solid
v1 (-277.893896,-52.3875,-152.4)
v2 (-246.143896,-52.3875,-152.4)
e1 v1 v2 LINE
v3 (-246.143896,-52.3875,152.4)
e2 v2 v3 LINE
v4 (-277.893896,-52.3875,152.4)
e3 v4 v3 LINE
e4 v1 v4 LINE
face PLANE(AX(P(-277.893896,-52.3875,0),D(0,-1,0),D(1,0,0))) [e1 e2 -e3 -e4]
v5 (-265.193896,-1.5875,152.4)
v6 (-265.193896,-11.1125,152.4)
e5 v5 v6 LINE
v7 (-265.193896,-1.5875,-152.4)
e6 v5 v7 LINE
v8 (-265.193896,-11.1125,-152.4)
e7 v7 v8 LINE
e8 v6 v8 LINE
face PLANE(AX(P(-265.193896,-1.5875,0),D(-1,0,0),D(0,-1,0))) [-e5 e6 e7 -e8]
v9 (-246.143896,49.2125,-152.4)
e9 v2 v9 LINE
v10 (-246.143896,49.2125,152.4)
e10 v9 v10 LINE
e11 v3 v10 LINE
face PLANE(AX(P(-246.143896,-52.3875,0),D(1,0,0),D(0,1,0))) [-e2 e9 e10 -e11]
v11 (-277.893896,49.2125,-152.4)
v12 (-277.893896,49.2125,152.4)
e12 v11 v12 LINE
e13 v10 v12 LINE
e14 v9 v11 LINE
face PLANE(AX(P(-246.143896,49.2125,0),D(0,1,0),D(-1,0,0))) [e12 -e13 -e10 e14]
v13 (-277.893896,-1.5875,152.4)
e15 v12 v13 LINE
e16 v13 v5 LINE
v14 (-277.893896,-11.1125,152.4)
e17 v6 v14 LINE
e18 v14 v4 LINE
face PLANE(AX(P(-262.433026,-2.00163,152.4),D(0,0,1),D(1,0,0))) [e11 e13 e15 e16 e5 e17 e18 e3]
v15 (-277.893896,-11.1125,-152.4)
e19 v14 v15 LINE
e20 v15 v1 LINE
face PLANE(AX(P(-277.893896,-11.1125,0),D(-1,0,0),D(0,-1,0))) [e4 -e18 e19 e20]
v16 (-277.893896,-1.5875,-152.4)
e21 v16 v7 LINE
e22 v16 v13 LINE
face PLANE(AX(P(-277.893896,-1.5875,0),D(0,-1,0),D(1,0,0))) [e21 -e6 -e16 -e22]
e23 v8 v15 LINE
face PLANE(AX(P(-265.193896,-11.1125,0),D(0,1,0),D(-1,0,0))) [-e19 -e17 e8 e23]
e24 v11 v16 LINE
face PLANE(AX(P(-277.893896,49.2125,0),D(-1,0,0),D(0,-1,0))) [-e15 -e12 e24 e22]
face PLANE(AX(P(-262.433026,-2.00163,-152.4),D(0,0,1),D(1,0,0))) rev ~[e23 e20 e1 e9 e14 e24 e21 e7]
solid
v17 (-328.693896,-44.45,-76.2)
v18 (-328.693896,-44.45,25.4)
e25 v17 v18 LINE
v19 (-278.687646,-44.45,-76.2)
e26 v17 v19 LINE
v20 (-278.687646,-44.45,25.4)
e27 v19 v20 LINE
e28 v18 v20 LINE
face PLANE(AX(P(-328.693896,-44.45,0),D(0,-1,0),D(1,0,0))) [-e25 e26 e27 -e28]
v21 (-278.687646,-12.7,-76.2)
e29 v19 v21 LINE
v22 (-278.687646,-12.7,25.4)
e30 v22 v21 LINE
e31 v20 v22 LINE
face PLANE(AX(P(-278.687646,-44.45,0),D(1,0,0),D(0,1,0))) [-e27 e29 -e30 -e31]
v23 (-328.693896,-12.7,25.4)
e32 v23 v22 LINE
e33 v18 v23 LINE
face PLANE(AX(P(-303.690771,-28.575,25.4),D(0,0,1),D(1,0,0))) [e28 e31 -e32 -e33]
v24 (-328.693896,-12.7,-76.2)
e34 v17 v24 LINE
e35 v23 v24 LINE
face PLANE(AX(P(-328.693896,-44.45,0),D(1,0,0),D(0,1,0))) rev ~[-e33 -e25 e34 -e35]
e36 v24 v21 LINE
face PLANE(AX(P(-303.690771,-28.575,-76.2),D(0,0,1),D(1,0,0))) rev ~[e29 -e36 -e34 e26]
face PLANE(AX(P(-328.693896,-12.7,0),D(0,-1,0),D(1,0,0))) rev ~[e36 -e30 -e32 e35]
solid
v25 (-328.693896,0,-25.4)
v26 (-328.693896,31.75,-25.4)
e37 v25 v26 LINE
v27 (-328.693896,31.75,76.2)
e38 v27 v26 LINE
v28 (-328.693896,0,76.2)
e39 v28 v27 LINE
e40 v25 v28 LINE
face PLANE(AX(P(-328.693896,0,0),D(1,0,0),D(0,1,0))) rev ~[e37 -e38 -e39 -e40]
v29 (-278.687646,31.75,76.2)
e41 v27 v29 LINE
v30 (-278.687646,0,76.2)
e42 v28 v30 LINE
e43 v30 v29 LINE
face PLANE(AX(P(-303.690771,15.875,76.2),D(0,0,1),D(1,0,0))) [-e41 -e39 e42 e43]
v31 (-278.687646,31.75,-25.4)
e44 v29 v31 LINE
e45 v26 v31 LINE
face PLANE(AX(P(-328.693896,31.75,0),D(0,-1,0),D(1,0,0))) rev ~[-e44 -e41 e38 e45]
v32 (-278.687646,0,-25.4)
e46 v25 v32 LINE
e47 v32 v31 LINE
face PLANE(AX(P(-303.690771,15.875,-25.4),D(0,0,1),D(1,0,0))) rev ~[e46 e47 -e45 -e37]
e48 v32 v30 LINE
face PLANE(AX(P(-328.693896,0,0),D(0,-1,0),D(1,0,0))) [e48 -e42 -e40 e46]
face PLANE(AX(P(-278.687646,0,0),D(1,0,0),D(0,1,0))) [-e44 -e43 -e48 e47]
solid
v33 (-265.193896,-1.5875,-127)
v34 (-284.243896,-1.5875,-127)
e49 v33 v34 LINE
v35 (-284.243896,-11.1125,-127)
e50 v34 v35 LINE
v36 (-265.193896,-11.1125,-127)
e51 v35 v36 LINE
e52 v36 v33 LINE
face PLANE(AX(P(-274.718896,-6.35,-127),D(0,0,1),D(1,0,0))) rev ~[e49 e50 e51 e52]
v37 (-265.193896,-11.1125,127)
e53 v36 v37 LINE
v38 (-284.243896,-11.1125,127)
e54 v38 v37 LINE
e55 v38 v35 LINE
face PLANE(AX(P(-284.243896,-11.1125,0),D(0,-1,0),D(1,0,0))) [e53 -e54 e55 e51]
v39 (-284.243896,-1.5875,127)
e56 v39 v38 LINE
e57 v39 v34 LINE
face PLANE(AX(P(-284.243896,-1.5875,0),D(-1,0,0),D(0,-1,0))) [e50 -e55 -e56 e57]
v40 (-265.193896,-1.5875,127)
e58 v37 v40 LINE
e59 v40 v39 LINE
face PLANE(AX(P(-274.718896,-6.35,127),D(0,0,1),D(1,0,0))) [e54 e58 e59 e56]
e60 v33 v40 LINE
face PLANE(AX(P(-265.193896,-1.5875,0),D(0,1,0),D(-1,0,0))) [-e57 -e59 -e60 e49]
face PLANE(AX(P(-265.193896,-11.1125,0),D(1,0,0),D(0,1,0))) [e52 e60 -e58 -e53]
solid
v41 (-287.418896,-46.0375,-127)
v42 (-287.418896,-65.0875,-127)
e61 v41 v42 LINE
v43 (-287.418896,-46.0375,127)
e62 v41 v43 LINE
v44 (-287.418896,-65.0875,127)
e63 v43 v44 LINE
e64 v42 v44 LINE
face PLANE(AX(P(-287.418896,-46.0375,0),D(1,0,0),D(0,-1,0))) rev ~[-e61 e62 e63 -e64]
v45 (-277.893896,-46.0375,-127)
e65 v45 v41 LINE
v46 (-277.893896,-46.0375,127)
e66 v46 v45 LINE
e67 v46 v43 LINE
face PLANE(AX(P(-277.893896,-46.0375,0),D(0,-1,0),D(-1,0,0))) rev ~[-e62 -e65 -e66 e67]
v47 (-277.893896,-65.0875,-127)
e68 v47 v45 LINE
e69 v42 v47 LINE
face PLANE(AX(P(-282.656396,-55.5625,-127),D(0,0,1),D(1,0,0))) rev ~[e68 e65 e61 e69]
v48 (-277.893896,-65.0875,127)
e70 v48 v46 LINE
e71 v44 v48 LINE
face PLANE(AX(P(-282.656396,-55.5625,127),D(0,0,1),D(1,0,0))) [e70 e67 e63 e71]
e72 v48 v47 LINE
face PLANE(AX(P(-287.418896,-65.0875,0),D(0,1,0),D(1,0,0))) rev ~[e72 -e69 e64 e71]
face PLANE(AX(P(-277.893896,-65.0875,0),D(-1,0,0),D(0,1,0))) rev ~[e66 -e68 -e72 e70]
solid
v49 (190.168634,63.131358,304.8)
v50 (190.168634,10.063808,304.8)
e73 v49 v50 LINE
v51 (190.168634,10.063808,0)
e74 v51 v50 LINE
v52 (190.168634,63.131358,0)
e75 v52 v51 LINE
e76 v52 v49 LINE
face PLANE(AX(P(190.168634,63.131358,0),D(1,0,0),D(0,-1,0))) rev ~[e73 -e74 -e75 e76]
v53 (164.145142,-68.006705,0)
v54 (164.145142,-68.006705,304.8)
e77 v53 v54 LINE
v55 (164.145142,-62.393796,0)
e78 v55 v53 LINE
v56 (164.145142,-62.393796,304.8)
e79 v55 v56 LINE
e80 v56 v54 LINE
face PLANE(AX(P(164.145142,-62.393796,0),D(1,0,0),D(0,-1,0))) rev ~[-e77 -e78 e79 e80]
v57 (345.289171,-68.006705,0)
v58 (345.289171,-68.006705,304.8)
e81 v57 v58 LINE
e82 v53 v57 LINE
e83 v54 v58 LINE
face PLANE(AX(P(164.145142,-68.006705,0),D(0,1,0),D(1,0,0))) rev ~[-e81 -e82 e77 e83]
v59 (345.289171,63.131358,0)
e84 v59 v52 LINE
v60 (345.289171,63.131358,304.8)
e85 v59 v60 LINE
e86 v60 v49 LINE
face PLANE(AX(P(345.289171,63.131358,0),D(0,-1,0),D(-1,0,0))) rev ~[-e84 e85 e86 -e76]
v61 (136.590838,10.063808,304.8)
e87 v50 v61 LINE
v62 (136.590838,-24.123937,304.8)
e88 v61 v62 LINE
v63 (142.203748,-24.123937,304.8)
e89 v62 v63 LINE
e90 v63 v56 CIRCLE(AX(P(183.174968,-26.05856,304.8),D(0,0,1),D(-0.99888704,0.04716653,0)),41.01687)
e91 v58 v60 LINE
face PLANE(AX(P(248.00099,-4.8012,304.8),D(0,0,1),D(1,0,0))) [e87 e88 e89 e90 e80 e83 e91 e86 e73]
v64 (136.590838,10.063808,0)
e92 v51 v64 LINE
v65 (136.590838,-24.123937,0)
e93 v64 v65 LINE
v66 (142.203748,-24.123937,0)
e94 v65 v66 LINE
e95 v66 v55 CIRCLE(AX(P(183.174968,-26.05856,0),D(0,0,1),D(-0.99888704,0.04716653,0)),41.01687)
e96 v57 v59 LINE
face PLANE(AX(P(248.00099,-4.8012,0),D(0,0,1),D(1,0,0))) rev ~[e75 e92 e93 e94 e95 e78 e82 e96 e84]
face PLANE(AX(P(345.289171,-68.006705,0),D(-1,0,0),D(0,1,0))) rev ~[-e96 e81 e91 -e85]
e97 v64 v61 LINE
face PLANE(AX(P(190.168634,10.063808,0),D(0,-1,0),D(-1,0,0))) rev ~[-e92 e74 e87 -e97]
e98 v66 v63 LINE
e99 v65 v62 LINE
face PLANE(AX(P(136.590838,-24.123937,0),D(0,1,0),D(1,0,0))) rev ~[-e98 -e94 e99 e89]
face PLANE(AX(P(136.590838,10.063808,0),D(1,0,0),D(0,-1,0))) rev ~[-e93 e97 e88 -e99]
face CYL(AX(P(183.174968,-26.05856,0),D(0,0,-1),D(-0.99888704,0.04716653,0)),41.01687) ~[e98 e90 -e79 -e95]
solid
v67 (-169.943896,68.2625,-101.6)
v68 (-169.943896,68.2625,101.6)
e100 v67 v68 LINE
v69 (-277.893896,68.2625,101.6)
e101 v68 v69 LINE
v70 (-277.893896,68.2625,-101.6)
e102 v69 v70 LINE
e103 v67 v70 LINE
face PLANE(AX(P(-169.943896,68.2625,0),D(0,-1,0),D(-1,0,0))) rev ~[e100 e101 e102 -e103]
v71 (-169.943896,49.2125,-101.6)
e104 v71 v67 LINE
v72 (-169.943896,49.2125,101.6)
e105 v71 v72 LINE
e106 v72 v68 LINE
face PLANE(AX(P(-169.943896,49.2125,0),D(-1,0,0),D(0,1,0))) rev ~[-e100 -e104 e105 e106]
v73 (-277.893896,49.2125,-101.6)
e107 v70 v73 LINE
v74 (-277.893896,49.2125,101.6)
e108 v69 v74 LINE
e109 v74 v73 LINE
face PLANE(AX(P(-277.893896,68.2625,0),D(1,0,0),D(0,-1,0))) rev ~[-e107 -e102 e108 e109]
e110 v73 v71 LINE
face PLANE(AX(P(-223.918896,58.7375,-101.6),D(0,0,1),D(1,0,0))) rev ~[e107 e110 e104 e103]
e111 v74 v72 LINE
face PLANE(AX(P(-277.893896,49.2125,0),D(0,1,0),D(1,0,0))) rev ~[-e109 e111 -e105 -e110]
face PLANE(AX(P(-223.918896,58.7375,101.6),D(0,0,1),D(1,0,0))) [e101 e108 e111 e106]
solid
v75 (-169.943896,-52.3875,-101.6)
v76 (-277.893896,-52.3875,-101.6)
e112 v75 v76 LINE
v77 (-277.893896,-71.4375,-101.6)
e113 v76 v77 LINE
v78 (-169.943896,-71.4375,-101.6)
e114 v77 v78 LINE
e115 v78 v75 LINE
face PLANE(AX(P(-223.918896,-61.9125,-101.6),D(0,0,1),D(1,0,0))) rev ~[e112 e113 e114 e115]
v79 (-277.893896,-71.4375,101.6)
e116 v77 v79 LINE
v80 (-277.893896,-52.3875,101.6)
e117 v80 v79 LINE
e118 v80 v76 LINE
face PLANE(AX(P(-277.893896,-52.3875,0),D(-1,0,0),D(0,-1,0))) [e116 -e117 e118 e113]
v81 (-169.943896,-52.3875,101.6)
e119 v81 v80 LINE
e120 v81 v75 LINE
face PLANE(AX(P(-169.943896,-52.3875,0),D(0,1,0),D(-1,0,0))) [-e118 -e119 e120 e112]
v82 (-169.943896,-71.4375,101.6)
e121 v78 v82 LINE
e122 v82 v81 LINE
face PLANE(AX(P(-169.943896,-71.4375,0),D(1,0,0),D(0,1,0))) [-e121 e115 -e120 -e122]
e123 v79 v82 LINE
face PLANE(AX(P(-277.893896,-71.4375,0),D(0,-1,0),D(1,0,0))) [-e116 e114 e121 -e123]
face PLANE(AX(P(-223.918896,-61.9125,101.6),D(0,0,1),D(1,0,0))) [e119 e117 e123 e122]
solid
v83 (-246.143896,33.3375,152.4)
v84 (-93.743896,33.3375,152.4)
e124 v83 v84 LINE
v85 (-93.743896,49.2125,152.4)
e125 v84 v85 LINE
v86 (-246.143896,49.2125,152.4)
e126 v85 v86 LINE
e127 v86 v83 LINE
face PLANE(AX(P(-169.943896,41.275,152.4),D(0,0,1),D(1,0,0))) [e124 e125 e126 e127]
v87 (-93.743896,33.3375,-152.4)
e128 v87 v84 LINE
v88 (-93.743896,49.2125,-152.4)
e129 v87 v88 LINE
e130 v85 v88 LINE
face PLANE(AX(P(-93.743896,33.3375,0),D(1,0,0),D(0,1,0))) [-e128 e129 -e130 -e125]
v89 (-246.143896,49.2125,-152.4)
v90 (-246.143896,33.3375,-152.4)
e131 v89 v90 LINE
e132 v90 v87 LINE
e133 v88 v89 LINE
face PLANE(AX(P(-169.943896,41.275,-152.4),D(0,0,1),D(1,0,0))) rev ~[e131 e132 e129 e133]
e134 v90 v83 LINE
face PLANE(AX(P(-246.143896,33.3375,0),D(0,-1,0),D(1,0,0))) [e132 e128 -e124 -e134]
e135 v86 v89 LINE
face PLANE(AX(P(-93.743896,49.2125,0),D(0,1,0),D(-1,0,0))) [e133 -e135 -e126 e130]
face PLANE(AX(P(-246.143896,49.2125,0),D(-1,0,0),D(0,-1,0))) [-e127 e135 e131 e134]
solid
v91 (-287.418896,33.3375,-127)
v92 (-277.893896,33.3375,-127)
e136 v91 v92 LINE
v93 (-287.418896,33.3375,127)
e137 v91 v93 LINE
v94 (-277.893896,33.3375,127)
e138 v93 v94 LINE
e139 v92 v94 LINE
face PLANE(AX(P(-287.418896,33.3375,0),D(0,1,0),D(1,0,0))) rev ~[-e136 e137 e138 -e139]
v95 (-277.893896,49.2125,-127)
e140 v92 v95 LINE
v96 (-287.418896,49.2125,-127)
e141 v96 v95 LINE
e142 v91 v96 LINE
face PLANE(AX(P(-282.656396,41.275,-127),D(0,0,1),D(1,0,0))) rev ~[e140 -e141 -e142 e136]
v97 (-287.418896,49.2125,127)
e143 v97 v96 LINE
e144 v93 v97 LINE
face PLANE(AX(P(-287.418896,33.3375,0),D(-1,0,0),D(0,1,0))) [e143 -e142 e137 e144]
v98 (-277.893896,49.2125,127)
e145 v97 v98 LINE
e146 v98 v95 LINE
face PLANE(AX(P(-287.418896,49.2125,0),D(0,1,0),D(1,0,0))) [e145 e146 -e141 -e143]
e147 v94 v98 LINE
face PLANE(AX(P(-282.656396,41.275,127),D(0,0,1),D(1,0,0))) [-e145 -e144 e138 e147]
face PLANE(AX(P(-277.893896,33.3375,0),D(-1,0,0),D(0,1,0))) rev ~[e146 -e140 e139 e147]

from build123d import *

# Parameters (mm, degrees)
F1_DEPTH      = 304.8
F2_W          = 50.00625
F2_H          = 31.75
F3_DEPTH      = 76.2
F3_DEPTH_BACK = 25.4
F2_W_2        = 9.525
F2_H_2        = 15.875
F4_DEPTH      = 127
F5_DEPTH      = 101.6
F6_DEPTH      = 152.4
F7_DEPTH      = 25.4
F7_DEPTH_BACK = 76.2
F8_DEPTH      = 152.4


with BuildPart() as f1:
    # F0 (on Top) → F1 (new body)
    with BuildSketch(Plane.XY):
        with BuildLine():
            Line((345.289171, 63.131358), (190.168634, 63.131358))
            Line((190.168634, 63.131358), (190.168634, 10.063808))
            Line((190.168634, 10.063808), (136.590838, 10.063808))
            Line((136.590838, 10.063808), (136.590838, -24.123937))
            Line((136.590838, -24.123937), (142.203748, -24.123937))
            ThreePointArc((142.203748, -24.123937), (147.591588, -46.459705), (164.145142, -62.393796))
            Line((164.145142, -62.393796), (164.145142, -68.006705))
            Line((164.145142, -68.006705), (345.289171, -68.006705))
            Line((345.289171, -68.006705), (345.289171, 63.131358))
        make_face()
    extrude(amount=F1_DEPTH)


with BuildPart() as f3:
    # F2 (on Top) → F3 (new body, two sides)
    with BuildSketch(Plane.XY) as f3_sk:
        with Locations((-303.690771, 15.875)):
            Rectangle(F2_W, F2_H)
    extrude(amount=F3_DEPTH)
    extrude(f3_sk.sketch, amount=-F3_DEPTH_BACK)


with BuildPart() as f4:
    # F2 (on Top) → F4 (new body, symmetric)
    with BuildSketch(Plane.XY):
        with Locations((-282.656396, 41.275)):
            Rectangle(F2_W_2, F2_H_2)
        Polygon((-277.893896, -52.3875), (-277.893896, -46.0375), (-287.418896, -46.0375), (-287.418896, -65.0875), (-277.893896, -65.0875), align=None)
        Polygon((-284.243896, -11.1125), (-277.893896, -11.1125), (-265.193896, -11.1125), (-265.193896, -1.5875), (-277.893896, -1.5875), (-284.243896, -1.5875), align=None)
    extrude(amount=F4_DEPTH, both=True)


with BuildPart() as f5:
    # F2 (on Top) → F5 (new body, symmetric)
    with BuildSketch(Plane.XY):
        Polygon((-277.893896, 49.2125), (-246.143896, 49.2125), (-169.943896, 49.2125), (-169.943896, 68.2625), (-277.893896, 68.2625), align=None)
        Polygon((-246.143896, -52.3875), (-277.893896, -52.3875), (-277.893896, -65.0875), (-277.893896, -71.4375), (-169.943896, -71.4375), (-169.943896, -52.3875), align=None)
    extrude(amount=F5_DEPTH, both=True)


with BuildPart() as f6:
    # F2 (on Top) → F6 (new body, symmetric)
    with BuildSketch(Plane.XY):
        Polygon((-277.893896, -11.1125), (-277.893896, -12.7), (-277.893896, -44.45), (-277.893896, -46.0375), (-277.893896, -52.3875), (-246.143896, -52.3875), (-246.143896, 33.3375), (-246.143896, 49.2125), (-277.893896, 49.2125), (-277.893896, 33.3375), (-277.893896, 31.75), (-277.893896, 0), (-277.893896, -1.5875), (-265.193896, -1.5875), (-265.193896, -11.1125), align=None)
    extrude(amount=F6_DEPTH, both=True)


with BuildPart() as f7:
    # F2 (on Top) → F7 (new body, two sides)
    with BuildSketch(Plane.XY) as f7_sk:
        with Locations((-303.690771, -28.575)):
            Rectangle(F2_W, F2_H)
    extrude(amount=F7_DEPTH)
    extrude(f7_sk.sketch, amount=-F7_DEPTH_BACK)


with BuildPart() as f8:
    # F2 (on Top) → F8 (new body, symmetric)
    with BuildSketch(Plane.XY):
        Polygon((-246.143896, 49.2125), (-246.143896, 33.3375), (-93.743896, 33.3375), (-93.743896, 49.2125), (-169.943896, 49.2125), align=None)
    extrude(amount=F8_DEPTH, both=True)


solid = Compound([f1.part, f3.part, f4.part, f5.part, f6.part, f7.part, f8.part])
